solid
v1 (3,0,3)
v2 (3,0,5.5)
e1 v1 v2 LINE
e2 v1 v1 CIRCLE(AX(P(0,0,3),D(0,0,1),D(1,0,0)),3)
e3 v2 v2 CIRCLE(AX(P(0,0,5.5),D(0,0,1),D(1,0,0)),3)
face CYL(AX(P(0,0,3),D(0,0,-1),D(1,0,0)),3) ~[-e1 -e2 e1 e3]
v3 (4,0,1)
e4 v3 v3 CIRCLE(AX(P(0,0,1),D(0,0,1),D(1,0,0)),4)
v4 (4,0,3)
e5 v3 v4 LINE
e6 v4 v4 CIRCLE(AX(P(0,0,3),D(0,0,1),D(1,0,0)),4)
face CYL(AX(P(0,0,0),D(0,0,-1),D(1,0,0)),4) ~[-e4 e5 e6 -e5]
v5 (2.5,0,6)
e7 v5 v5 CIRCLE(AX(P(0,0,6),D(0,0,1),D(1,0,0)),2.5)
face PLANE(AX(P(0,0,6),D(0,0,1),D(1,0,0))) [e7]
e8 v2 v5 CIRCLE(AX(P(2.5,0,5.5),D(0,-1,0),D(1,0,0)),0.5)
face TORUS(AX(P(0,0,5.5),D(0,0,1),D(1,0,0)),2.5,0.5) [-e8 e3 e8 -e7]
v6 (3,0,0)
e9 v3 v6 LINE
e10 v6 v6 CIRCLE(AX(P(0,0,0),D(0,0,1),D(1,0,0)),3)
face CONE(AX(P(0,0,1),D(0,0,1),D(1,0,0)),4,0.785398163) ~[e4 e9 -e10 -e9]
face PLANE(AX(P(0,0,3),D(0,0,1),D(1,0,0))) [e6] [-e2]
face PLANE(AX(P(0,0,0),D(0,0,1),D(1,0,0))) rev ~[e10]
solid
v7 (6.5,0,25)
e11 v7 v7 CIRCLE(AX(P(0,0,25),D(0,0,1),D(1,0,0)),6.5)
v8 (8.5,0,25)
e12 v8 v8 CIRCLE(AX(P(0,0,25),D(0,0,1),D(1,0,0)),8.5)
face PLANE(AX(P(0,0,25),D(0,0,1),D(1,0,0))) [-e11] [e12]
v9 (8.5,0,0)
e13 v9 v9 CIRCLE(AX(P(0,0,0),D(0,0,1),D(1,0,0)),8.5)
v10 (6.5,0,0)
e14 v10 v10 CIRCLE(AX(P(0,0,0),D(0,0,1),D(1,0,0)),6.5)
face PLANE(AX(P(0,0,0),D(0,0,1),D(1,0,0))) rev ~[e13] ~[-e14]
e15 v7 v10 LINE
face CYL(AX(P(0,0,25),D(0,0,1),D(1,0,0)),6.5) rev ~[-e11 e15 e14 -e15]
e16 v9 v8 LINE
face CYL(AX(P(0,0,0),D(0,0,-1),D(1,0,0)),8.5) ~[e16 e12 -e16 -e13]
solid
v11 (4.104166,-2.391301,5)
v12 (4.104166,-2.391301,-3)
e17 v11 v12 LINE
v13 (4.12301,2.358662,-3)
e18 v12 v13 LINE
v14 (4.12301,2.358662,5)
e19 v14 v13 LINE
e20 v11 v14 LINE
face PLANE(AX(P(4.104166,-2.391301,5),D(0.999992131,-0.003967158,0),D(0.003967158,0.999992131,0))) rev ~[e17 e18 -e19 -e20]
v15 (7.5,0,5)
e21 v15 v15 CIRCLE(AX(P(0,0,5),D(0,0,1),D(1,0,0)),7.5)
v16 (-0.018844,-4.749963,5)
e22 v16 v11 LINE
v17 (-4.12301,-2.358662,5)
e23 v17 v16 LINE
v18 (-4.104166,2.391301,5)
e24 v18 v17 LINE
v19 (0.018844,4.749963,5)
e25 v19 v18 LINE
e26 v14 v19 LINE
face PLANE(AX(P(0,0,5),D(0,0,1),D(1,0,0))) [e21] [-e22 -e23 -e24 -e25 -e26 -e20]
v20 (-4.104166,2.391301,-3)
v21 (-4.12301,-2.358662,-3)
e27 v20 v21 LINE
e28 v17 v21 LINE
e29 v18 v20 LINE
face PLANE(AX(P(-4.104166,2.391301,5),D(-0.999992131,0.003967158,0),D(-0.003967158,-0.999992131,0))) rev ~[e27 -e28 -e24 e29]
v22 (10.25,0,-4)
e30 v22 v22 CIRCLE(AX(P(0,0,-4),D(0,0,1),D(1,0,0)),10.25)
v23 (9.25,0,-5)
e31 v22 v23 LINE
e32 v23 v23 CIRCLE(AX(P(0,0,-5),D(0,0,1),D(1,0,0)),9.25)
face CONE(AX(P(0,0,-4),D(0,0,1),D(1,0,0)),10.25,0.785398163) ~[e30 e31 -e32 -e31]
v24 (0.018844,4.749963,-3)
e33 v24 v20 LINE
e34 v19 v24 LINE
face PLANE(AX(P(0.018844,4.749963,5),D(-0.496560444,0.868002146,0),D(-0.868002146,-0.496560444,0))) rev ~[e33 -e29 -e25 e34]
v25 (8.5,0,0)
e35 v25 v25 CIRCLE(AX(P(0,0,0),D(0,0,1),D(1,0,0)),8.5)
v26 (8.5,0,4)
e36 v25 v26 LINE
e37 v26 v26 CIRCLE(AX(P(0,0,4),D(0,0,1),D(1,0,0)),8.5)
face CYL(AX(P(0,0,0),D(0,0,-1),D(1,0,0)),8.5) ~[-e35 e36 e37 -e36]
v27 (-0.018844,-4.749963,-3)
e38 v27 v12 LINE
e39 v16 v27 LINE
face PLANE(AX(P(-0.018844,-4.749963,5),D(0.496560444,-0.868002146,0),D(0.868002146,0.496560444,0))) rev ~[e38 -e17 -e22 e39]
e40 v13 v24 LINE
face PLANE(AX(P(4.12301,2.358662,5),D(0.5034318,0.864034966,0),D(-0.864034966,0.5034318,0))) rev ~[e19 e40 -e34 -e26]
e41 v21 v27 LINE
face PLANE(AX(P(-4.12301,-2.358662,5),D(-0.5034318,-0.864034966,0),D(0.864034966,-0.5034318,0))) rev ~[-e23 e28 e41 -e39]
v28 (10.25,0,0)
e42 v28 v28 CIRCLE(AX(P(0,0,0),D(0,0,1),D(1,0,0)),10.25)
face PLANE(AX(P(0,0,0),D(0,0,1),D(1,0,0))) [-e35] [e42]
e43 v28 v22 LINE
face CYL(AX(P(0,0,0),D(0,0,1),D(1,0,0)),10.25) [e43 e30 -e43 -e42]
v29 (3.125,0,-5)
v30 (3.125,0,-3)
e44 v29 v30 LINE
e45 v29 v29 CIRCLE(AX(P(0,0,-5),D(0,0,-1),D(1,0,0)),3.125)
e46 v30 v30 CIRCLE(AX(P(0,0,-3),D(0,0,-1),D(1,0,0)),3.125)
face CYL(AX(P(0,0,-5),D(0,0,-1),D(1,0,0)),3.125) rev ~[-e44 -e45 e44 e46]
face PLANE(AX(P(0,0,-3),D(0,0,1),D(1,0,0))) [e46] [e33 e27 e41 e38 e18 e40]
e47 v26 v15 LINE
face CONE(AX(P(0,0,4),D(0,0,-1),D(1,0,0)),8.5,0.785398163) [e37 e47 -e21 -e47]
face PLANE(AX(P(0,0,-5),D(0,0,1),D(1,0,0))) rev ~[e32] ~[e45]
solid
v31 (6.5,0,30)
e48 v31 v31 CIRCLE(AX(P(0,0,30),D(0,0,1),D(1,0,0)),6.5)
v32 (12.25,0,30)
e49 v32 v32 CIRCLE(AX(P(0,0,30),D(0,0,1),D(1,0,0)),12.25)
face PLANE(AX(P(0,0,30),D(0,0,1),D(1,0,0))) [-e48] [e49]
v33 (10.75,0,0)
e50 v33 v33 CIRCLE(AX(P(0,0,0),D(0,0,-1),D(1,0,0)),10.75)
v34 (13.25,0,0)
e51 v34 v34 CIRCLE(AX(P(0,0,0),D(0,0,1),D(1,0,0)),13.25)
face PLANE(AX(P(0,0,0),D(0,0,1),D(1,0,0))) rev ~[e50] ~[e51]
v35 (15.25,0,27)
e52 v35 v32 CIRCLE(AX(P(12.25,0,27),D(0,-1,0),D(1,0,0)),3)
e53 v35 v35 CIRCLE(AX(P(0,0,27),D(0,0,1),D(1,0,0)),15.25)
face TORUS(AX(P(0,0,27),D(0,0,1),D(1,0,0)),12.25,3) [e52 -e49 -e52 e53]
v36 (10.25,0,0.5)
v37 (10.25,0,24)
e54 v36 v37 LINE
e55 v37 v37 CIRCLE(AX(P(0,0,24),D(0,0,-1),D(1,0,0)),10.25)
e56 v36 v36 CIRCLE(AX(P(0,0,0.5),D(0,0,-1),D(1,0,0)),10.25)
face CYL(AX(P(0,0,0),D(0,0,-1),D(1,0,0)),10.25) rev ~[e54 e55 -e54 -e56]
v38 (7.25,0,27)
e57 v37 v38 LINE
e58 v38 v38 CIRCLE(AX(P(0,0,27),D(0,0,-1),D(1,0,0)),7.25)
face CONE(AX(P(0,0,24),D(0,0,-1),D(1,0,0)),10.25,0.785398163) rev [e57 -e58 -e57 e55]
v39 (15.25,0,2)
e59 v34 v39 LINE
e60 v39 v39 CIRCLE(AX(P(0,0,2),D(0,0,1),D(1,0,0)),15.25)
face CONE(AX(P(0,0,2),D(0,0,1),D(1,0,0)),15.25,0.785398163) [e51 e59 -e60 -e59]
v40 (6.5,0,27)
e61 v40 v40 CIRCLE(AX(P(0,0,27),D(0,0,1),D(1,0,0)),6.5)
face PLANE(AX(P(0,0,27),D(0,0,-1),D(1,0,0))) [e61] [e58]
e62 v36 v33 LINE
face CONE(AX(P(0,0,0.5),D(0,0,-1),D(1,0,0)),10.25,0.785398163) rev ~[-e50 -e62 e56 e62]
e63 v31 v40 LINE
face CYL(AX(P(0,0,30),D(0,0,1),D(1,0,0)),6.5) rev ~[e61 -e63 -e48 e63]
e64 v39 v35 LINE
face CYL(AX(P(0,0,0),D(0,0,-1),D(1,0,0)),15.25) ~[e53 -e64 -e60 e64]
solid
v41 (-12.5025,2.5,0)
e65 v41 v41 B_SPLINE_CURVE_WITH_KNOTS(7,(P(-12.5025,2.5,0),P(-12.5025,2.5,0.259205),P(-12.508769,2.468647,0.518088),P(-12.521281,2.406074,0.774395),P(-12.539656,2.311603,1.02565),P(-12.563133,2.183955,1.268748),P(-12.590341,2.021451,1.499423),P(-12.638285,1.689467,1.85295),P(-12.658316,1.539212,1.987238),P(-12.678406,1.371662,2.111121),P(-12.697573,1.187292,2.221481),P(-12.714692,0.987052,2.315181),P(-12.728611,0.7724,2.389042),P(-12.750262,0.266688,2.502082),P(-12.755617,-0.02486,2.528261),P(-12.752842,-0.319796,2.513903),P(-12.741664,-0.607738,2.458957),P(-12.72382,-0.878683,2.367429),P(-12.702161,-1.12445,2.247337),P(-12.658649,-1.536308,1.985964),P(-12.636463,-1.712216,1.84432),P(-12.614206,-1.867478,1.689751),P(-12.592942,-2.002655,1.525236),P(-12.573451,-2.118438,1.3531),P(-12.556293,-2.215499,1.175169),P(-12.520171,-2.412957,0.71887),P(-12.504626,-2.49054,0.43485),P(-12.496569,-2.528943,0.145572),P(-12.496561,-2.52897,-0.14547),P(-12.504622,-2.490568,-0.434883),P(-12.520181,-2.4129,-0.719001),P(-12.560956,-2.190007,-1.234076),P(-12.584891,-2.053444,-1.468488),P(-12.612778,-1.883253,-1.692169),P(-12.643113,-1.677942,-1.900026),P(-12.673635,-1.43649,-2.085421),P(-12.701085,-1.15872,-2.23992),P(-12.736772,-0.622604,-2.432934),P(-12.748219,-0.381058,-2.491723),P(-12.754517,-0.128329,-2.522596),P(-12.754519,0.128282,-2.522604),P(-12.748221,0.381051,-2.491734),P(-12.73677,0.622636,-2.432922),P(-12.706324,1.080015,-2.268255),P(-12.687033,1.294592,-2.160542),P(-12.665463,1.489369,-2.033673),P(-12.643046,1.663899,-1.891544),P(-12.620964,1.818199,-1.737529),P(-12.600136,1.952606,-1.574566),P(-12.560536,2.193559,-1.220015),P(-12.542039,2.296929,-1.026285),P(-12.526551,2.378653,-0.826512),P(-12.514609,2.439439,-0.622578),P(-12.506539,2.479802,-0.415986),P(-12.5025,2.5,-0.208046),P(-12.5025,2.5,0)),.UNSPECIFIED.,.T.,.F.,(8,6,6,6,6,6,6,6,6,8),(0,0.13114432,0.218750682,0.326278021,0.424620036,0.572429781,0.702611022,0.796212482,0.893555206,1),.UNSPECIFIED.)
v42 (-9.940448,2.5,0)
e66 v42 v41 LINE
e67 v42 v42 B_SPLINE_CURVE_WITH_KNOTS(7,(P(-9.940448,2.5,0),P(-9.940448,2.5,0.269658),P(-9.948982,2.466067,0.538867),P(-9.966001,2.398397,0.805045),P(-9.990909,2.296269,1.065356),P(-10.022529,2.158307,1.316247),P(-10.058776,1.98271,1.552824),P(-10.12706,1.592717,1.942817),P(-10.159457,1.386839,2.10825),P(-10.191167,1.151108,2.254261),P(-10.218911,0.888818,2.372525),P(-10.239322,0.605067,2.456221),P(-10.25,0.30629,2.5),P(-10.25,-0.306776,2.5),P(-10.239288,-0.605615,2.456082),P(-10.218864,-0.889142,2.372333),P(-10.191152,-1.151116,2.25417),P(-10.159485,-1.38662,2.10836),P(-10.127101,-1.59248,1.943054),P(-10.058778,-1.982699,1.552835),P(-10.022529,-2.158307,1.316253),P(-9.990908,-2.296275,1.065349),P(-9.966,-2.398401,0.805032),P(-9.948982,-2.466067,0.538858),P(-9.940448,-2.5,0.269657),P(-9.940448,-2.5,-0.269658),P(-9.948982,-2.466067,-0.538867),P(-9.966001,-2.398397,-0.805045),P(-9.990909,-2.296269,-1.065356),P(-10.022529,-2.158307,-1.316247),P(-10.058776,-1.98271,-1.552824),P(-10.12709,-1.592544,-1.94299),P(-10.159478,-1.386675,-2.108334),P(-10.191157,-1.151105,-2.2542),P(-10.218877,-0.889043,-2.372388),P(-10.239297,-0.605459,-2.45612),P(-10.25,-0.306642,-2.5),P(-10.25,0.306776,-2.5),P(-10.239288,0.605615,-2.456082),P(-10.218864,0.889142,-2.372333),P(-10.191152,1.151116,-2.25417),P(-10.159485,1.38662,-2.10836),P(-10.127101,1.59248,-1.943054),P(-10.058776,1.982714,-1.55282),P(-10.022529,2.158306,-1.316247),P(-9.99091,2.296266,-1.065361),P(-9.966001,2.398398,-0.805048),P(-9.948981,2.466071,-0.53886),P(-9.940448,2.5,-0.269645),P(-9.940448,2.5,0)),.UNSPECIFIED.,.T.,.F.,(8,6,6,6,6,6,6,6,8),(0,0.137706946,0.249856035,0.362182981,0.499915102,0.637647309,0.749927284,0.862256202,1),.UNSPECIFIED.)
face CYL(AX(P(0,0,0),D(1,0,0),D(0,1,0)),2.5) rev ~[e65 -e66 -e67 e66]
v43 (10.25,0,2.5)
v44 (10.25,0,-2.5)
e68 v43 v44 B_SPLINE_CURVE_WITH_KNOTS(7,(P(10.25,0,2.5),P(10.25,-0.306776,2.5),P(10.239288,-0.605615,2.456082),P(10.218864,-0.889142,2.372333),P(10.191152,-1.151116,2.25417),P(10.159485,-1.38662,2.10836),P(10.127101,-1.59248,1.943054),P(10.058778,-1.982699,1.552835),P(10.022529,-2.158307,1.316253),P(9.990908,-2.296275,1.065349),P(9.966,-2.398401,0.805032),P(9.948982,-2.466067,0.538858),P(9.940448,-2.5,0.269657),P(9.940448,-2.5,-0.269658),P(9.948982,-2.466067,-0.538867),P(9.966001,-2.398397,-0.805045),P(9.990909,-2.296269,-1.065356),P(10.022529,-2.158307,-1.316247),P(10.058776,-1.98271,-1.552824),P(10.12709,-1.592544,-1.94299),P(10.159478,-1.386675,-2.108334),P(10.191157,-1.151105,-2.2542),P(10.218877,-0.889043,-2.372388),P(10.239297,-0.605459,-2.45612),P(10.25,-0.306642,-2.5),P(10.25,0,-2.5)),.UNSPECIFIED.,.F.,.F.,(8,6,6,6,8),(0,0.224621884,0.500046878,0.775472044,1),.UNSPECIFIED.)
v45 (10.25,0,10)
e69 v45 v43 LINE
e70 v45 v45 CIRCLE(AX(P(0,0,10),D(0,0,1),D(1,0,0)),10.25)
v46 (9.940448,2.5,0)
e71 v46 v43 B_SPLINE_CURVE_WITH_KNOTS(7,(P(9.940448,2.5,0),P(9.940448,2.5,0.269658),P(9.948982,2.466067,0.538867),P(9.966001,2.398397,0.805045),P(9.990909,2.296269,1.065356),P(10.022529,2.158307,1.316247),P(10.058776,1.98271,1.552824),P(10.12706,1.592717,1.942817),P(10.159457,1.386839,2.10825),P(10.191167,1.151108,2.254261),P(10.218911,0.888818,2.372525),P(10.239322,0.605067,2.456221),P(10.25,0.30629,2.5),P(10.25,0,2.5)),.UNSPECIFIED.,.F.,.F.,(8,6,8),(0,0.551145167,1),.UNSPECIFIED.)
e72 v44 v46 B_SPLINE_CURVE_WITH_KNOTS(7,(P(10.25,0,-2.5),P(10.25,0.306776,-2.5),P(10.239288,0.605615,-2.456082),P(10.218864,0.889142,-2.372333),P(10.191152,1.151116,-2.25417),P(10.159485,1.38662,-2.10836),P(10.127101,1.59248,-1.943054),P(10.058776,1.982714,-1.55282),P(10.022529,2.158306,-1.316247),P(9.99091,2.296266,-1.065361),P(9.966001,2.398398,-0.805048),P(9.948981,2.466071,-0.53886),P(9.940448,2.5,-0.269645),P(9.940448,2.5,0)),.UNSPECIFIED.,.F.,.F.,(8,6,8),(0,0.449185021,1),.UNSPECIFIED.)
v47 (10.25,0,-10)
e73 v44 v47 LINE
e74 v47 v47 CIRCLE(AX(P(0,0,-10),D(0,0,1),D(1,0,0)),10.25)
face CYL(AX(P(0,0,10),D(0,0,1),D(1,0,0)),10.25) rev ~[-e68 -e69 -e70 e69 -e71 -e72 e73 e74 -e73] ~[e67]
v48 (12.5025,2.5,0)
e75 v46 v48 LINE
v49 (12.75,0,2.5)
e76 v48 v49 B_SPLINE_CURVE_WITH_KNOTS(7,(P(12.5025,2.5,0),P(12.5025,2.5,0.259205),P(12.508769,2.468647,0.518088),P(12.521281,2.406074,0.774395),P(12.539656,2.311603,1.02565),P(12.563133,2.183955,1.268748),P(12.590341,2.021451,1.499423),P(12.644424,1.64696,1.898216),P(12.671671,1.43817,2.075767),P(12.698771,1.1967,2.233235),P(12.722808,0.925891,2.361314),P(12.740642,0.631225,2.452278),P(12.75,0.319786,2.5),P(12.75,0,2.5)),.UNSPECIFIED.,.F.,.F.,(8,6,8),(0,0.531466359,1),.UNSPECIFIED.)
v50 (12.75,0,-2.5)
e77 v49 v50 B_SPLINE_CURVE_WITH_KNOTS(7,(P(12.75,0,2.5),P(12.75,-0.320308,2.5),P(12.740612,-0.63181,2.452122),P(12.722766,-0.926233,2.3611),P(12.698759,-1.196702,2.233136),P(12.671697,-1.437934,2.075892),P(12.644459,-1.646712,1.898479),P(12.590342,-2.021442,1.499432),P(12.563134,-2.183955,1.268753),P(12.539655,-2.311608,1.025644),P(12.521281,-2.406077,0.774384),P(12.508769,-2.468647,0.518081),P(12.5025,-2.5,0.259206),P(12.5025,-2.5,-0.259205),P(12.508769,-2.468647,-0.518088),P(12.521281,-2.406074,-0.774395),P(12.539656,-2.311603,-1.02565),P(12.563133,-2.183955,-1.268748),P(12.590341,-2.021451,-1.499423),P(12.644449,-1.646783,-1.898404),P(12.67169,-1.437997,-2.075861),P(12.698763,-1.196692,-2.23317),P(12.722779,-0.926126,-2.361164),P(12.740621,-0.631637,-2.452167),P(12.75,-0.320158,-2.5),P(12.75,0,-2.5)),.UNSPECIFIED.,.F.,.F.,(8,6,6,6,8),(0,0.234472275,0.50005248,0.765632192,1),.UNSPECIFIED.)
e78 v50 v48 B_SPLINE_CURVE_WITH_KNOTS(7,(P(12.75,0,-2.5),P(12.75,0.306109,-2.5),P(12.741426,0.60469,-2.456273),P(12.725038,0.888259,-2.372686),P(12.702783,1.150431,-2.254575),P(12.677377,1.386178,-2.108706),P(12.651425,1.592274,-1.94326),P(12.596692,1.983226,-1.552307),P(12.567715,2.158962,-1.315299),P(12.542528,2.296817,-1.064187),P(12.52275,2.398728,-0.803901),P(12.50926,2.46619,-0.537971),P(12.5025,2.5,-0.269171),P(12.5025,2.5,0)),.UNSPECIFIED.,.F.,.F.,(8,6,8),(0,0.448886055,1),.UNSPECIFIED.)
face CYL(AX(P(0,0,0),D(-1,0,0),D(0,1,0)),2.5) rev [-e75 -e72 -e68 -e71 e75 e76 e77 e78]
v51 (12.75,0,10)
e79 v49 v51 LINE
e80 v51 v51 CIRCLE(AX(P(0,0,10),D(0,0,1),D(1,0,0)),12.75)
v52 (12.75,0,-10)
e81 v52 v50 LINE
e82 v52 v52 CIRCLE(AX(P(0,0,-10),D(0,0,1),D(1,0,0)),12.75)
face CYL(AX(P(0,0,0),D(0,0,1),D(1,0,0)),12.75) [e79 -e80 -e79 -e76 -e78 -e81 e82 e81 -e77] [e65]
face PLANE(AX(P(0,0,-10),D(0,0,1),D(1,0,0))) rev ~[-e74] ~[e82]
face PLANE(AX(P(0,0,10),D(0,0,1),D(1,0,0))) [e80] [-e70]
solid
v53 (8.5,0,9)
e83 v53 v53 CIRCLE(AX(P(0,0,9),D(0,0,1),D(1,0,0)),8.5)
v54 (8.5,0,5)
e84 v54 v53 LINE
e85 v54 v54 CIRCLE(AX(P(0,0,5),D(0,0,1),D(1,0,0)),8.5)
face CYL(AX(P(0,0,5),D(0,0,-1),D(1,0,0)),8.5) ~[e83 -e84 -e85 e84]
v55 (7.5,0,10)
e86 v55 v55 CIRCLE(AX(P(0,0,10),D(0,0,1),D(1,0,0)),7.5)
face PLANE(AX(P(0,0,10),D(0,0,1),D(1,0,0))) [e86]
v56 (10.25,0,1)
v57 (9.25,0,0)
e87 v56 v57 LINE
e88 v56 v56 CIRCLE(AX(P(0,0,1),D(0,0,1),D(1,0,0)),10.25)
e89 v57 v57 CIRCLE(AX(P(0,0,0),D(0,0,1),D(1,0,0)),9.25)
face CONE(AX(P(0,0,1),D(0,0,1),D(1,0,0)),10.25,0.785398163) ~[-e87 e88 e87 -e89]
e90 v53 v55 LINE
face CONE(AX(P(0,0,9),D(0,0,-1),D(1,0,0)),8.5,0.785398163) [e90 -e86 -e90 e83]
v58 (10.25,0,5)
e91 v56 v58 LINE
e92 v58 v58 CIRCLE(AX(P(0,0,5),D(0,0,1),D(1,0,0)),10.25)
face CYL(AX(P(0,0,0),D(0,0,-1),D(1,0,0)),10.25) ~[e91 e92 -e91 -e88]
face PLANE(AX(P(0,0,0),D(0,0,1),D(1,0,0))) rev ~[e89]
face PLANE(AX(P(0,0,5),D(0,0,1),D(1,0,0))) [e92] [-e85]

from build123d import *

# Parameters (mm, degrees)
SKETCH_R             = 15.25
PAD_DEPTH            = 30
SKETCH001_R          = 10.25
POCKET_DEPTH         = 27
SKETCH002_R          = 6.5
POCKET001_DEPTH      = 30.001
FILLET_R             = 3
CHAMFER_SIZE         = 3
CHAMFER001_SIZE      = 0.5
CHAMFER002_SIZE      = 2
SKETCH003_R          = 4
PAD001_DEPTH         = 3
SKETCH004_R          = 3
PAD002_DEPTH         = 3
FILLET001_R          = 0.5
CHAMFER003_SIZE      = 1
SKETCH005_R          = 10.25
PAD003_DEPTH         = 5
SKETCH006_R          = 8.5
PAD004_DEPTH         = 5
CHAMFER004_SIZE      = 1
SKETCH007_R          = 12.75
PAD005_DEPTH         = 10
SKETCH008_R          = 10.25
POCKET002_DEPTH      = 20.001
SKETCH009_R          = 2.5
POCKET003_DEPTH      = 12.751
POCKET003_DEPTH_BACK = -12.751
SKETCH010_R          = 8.5
PAD006_DEPTH         = 25
SKETCH011_R          = 6.5
POCKET004_DEPTH      = 25.001
SKETCH012_R          = 10.25
PAD007_DEPTH         = 5
SKETCH013_R          = 8.5
PAD008_DEPTH         = 5
POCKET005_DEPTH      = 8
SKETCH015_R          = 3.125
POCKET006_DEPTH      = 10.001
CHAMFER005_SIZE      = 1


with BuildPart() as end_cap_bnc:
    # Sketch → Pad (new body)
    with BuildSketch(Plane.XY):
        Circle(SKETCH_R)
    extrude(amount=PAD_DEPTH)

    # Sketch001 (on Face2 of Pad) → Pocket (cut)
    with BuildSketch(Plane(origin=(0, 0, 0), x_dir=(1, 0, 0), z_dir=(0, 0, -1))):
        Circle(SKETCH001_R)
    extrude(amount=-POCKET_DEPTH, mode=Mode.SUBTRACT)

    # Sketch002 (on Face3 of Pocket) → Pocket001 (cut, through all)
    with BuildSketch(Plane.XY.offset(30)):
        Circle(SKETCH002_R)
    extrude(amount=-POCKET001_DEPTH, mode=Mode.SUBTRACT)

    # Fillet
    fillet_edges = [end_cap_bnc.edges().sort_by_distance(p)[0] for p in [
        (-15.25, 0, 30),
    ]]
    fillet(fillet_edges, radius=FILLET_R)

    # Chamfer
    chamfer_edges = [end_cap_bnc.edges().sort_by_distance(p)[0] for p in [
        (-10.25, 0, 27),
    ]]
    chamfer(chamfer_edges, length=CHAMFER_SIZE)

    # Chamfer001
    chamfer001_edges = [end_cap_bnc.edges().sort_by_distance(p)[0] for p in [
        (-10.25, 0, 0),
    ]]
    chamfer(chamfer001_edges, length=CHAMFER001_SIZE)

    # Chamfer002
    chamfer002_edges = [end_cap_bnc.edges().sort_by_distance(p)[0] for p in [
        (-15.25, 0, 0),
    ]]
    chamfer(chamfer002_edges, length=CHAMFER002_SIZE)


with BuildPart() as element_plug:
    # Sketch003 → Pad001 (new body)
    with BuildSketch(Plane.XY):
        Circle(SKETCH003_R)
    extrude(amount=PAD001_DEPTH)

    # Sketch004 (on Face3 of Pad001) → Pad002 (join)
    with BuildSketch(Plane.XY.offset(3)):
        Circle(SKETCH004_R)
    extrude(amount=PAD002_DEPTH)

    # Fillet001
    fillet001_edges = [element_plug.edges().sort_by_distance(p)[0] for p in [
        (-3, 0, 6),
    ]]
    fillet(fillet001_edges, radius=FILLET001_R)

    # Chamfer003
    chamfer003_edges = [element_plug.edges().sort_by_distance(p)[0] for p in [
        (-4, 0, 0),
    ]]
    chamfer(chamfer003_edges, length=CHAMFER003_SIZE)


with BuildPart() as front_cap:
    # Sketch005 → Pad003 (new body)
    with BuildSketch(Plane.XY):
        Circle(SKETCH005_R)
    extrude(amount=PAD003_DEPTH)

    # Sketch006 (on Face3 of Pad003) → Pad004 (join)
    with BuildSketch(Plane.XY.offset(5)):
        Circle(SKETCH006_R)
    extrude(amount=PAD004_DEPTH)

    # Chamfer004
    chamfer004_edges = [front_cap.edges().sort_by_distance(p)[0] for p in [
        (-8.5, 0, 10),
        (-10.25, 0, 0),
    ]]
    chamfer(chamfer004_edges, length=CHAMFER004_SIZE)


with BuildPart() as drill_guide:
    # Sketch007 → Pad005 (new body, symmetric)
    with BuildSketch(Plane.XY):
        Circle(SKETCH007_R)
    extrude(amount=PAD005_DEPTH, both=True)

    # Sketch008 (on Face3 of Pad005) → Pocket002 (cut, through all)
    with BuildSketch(Plane.XY.offset(10)):
        Circle(SKETCH008_R)
    extrude(amount=-POCKET002_DEPTH, mode=Mode.SUBTRACT)

    # Sketch009 → Pocket003 (cut, two sides)
    with BuildSketch(Plane.YZ) as pocket003_sk:
        Circle(SKETCH009_R)
    extrude(amount=-POCKET003_DEPTH, mode=Mode.SUBTRACT)
    extrude(pocket003_sk.sketch, amount=-POCKET003_DEPTH_BACK, mode=Mode.SUBTRACT)


with BuildPart() as choke_support:
    # Sketch010 → Pad006 (new body)
    with BuildSketch(Plane.XY):
        Circle(SKETCH010_R)
    extrude(amount=PAD006_DEPTH)

    # Sketch011 (on Face3 of Pad006) → Pocket004 (cut, through all)
    with BuildSketch(Plane.XY.offset(25)):
        Circle(SKETCH011_R)
    extrude(amount=-POCKET004_DEPTH, mode=Mode.SUBTRACT)


with BuildPart() as end_cap_sma:
    # Sketch012 → Pad007 (new body)
    with BuildSketch(Plane.XY):
        Circle(SKETCH012_R)
    extrude(amount=-PAD007_DEPTH)

    # Sketch013 (on Face2 of Pad007) → Pad008 (join)
    with BuildSketch(Plane.XY):
        Circle(SKETCH013_R)
    extrude(amount=PAD008_DEPTH)

    # Sketch014 (on DatumPlane) → Pocket005 (cut)
    with BuildSketch(Plane.XY.offset(5)):
        Polygon((0.018844, 4.749963), (-4.104166, 2.391301), (-4.12301, -2.358662), (-0.018844, -4.749963), (4.104166, -2.391301), (4.12301, 2.358662), align=None)
    extrude(amount=-POCKET005_DEPTH, mode=Mode.SUBTRACT)

    # Sketch015 (on Face3 of Pocket005) → Pocket006 (cut, through all)
    with BuildSketch(Plane(origin=(0, 0, -5), x_dir=(1, 0, 0), z_dir=(0, 0, -1))):
        Circle(SKETCH015_R)
    extrude(amount=-POCKET006_DEPTH, mode=Mode.SUBTRACT)

    # Chamfer005
    chamfer005_edges = [end_cap_sma.edges().sort_by_distance(p)[0] for p in [
        (-10.25, 0, -5),
        (-8.5, 0, 5),
    ]]
    chamfer(chamfer005_edges, length=CHAMFER005_SIZE)


solid = Compound([end_cap_bnc.part, element_plug.part, front_cap.part, drill_guide.part, choke_support.part, end_cap_sma.part])
